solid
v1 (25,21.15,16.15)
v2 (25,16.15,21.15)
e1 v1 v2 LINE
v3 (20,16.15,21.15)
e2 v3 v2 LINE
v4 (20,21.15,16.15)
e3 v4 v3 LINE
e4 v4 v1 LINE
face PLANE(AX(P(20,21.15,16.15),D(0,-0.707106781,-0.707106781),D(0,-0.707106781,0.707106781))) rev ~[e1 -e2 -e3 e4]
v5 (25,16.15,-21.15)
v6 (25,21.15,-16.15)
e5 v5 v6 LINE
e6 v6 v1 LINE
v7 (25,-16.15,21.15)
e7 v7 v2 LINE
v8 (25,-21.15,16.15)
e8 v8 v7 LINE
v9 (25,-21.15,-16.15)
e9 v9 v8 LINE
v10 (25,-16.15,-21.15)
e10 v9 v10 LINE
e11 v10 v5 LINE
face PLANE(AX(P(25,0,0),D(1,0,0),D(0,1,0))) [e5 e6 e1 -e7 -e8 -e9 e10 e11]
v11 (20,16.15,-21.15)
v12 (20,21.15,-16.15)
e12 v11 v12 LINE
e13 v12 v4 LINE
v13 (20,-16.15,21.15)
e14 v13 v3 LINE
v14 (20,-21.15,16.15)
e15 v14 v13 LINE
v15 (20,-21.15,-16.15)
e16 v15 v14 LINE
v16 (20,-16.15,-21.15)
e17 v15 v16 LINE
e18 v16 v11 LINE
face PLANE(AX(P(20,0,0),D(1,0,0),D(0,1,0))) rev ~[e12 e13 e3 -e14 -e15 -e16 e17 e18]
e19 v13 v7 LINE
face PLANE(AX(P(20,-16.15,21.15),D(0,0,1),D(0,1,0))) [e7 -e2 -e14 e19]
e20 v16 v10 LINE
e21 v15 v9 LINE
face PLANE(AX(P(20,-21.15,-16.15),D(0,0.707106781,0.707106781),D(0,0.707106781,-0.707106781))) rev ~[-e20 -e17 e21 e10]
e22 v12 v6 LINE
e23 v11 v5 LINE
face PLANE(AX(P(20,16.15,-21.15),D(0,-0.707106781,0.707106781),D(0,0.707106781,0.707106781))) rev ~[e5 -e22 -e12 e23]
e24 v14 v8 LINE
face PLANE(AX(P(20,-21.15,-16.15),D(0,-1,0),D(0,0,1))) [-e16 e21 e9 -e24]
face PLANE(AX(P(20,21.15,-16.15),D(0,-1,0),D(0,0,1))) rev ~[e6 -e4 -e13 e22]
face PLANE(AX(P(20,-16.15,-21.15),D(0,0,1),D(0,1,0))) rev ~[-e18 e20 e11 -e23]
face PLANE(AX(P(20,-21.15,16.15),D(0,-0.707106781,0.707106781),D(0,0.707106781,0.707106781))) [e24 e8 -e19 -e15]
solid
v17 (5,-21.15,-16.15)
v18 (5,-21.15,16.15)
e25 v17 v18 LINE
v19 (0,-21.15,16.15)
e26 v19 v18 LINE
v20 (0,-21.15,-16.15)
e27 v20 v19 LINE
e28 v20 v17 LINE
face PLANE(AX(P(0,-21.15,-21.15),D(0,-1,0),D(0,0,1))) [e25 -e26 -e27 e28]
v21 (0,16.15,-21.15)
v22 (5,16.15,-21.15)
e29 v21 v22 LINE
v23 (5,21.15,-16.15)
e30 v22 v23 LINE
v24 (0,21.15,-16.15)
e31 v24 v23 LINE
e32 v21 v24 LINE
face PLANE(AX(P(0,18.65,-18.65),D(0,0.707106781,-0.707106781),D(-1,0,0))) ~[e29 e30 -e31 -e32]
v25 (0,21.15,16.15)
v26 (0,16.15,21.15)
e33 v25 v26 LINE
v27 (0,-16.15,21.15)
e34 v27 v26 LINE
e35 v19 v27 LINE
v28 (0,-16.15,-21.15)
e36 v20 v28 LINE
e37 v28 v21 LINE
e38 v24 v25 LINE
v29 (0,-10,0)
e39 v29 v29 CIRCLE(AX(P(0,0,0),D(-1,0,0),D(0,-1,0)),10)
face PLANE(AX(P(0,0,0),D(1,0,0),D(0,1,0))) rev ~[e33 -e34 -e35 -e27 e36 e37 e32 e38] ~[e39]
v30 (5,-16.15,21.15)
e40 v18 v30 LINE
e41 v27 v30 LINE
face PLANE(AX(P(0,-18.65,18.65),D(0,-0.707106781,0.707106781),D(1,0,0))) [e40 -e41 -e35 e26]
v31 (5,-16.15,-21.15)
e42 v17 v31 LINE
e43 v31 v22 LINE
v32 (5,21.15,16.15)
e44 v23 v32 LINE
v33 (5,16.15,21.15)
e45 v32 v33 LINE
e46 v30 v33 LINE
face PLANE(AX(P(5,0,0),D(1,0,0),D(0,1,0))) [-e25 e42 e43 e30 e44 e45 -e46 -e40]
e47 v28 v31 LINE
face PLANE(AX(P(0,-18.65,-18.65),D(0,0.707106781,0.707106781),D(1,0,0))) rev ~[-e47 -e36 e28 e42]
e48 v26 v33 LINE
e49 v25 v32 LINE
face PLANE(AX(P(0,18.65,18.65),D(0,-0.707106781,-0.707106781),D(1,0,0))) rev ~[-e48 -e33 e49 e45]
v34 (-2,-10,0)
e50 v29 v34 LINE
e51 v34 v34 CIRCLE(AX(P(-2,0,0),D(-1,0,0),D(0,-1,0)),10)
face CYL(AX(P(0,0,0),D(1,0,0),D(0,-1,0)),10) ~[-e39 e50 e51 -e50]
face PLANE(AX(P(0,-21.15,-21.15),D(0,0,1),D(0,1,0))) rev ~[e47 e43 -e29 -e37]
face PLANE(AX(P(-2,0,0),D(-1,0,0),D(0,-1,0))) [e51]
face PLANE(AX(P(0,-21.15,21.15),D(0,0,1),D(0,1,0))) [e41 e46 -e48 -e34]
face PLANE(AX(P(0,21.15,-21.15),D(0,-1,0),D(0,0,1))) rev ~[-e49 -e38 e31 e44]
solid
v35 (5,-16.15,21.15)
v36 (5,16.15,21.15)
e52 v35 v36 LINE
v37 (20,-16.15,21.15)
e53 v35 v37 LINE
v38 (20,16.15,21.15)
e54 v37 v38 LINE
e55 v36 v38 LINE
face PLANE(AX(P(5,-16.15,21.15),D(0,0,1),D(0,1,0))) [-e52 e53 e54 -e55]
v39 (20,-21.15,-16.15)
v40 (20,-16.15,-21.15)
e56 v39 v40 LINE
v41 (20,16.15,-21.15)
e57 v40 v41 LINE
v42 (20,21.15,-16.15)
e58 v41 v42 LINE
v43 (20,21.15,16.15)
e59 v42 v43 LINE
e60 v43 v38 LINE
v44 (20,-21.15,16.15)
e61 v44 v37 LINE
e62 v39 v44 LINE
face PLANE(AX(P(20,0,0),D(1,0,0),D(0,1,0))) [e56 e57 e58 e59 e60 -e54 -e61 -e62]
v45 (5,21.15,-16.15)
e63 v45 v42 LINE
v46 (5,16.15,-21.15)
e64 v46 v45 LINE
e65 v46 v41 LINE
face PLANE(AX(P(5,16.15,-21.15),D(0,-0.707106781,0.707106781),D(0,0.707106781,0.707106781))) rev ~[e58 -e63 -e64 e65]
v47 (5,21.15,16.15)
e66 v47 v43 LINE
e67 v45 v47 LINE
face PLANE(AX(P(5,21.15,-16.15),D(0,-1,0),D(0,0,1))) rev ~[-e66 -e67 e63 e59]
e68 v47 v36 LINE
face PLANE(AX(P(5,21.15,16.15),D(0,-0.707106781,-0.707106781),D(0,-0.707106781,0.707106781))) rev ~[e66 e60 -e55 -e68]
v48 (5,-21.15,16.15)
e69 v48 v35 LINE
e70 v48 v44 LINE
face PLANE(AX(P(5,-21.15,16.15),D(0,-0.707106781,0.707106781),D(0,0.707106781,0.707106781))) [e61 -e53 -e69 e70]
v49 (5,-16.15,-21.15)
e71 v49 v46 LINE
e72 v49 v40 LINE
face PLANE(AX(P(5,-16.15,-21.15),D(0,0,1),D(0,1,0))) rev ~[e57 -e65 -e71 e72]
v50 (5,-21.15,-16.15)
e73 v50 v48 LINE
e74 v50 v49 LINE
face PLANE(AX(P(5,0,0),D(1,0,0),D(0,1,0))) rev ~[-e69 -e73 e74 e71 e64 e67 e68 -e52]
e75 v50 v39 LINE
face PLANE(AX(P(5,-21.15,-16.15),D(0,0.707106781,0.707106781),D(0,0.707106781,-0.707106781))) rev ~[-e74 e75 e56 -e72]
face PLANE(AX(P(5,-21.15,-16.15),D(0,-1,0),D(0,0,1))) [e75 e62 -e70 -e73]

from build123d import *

# Parameters (mm, degrees)
F0_W     = 42.3
F0_H     = 42.3
F1_DEPTH = 5
F2_SIZE  = 5
F3_DEPTH = 15
F4_DEPTH = 5
F5_R     = 10
F6_DEPTH = 2


with BuildPart() as f1:
    # F0 (on Right) → F1 (new body)
    with BuildSketch(Plane.YZ):
        Rectangle(F0_W, F0_H)
    extrude(amount=F1_DEPTH)

    # F2
    f2_edges = [f1.edges().sort_by_distance(p)[0] for p in [
        (2.5, -21.15, 21.15),
        (2.5, -21.15, -21.15),
        (2.5, 21.15, -21.15),
        (2.5, 21.15, 21.15),
    ]]
    chamfer(f2_edges, length=F2_SIZE)


with BuildPart() as f3:
    # F3 (new): a face of the model
    f3_faces = [f1.part.faces().sort_by_distance(p)[0] for p in [
        (5, 0, 0),
    ]]
    extrude(f3_faces, amount=F3_DEPTH)


with BuildPart() as f4:
    # F4 (new): a face of the model
    f4_faces = [f3.part.faces().sort_by_distance(p)[0] for p in [
        (20, 0, 0),
    ]]
    extrude(f4_faces, amount=F4_DEPTH)


with BuildPart() as f1_1:
    add(f1.part)

    # F5 (on face) → F6 (join)
    with BuildSketch(Plane(origin=(0, 0, 0), x_dir=(0, -1, 0), z_dir=(-1, 0, 0))):
        Circle(F5_R)
    extrude(amount=F6_DEPTH)


solid = Compound([f3.part, f4.part, f1_1.part])
